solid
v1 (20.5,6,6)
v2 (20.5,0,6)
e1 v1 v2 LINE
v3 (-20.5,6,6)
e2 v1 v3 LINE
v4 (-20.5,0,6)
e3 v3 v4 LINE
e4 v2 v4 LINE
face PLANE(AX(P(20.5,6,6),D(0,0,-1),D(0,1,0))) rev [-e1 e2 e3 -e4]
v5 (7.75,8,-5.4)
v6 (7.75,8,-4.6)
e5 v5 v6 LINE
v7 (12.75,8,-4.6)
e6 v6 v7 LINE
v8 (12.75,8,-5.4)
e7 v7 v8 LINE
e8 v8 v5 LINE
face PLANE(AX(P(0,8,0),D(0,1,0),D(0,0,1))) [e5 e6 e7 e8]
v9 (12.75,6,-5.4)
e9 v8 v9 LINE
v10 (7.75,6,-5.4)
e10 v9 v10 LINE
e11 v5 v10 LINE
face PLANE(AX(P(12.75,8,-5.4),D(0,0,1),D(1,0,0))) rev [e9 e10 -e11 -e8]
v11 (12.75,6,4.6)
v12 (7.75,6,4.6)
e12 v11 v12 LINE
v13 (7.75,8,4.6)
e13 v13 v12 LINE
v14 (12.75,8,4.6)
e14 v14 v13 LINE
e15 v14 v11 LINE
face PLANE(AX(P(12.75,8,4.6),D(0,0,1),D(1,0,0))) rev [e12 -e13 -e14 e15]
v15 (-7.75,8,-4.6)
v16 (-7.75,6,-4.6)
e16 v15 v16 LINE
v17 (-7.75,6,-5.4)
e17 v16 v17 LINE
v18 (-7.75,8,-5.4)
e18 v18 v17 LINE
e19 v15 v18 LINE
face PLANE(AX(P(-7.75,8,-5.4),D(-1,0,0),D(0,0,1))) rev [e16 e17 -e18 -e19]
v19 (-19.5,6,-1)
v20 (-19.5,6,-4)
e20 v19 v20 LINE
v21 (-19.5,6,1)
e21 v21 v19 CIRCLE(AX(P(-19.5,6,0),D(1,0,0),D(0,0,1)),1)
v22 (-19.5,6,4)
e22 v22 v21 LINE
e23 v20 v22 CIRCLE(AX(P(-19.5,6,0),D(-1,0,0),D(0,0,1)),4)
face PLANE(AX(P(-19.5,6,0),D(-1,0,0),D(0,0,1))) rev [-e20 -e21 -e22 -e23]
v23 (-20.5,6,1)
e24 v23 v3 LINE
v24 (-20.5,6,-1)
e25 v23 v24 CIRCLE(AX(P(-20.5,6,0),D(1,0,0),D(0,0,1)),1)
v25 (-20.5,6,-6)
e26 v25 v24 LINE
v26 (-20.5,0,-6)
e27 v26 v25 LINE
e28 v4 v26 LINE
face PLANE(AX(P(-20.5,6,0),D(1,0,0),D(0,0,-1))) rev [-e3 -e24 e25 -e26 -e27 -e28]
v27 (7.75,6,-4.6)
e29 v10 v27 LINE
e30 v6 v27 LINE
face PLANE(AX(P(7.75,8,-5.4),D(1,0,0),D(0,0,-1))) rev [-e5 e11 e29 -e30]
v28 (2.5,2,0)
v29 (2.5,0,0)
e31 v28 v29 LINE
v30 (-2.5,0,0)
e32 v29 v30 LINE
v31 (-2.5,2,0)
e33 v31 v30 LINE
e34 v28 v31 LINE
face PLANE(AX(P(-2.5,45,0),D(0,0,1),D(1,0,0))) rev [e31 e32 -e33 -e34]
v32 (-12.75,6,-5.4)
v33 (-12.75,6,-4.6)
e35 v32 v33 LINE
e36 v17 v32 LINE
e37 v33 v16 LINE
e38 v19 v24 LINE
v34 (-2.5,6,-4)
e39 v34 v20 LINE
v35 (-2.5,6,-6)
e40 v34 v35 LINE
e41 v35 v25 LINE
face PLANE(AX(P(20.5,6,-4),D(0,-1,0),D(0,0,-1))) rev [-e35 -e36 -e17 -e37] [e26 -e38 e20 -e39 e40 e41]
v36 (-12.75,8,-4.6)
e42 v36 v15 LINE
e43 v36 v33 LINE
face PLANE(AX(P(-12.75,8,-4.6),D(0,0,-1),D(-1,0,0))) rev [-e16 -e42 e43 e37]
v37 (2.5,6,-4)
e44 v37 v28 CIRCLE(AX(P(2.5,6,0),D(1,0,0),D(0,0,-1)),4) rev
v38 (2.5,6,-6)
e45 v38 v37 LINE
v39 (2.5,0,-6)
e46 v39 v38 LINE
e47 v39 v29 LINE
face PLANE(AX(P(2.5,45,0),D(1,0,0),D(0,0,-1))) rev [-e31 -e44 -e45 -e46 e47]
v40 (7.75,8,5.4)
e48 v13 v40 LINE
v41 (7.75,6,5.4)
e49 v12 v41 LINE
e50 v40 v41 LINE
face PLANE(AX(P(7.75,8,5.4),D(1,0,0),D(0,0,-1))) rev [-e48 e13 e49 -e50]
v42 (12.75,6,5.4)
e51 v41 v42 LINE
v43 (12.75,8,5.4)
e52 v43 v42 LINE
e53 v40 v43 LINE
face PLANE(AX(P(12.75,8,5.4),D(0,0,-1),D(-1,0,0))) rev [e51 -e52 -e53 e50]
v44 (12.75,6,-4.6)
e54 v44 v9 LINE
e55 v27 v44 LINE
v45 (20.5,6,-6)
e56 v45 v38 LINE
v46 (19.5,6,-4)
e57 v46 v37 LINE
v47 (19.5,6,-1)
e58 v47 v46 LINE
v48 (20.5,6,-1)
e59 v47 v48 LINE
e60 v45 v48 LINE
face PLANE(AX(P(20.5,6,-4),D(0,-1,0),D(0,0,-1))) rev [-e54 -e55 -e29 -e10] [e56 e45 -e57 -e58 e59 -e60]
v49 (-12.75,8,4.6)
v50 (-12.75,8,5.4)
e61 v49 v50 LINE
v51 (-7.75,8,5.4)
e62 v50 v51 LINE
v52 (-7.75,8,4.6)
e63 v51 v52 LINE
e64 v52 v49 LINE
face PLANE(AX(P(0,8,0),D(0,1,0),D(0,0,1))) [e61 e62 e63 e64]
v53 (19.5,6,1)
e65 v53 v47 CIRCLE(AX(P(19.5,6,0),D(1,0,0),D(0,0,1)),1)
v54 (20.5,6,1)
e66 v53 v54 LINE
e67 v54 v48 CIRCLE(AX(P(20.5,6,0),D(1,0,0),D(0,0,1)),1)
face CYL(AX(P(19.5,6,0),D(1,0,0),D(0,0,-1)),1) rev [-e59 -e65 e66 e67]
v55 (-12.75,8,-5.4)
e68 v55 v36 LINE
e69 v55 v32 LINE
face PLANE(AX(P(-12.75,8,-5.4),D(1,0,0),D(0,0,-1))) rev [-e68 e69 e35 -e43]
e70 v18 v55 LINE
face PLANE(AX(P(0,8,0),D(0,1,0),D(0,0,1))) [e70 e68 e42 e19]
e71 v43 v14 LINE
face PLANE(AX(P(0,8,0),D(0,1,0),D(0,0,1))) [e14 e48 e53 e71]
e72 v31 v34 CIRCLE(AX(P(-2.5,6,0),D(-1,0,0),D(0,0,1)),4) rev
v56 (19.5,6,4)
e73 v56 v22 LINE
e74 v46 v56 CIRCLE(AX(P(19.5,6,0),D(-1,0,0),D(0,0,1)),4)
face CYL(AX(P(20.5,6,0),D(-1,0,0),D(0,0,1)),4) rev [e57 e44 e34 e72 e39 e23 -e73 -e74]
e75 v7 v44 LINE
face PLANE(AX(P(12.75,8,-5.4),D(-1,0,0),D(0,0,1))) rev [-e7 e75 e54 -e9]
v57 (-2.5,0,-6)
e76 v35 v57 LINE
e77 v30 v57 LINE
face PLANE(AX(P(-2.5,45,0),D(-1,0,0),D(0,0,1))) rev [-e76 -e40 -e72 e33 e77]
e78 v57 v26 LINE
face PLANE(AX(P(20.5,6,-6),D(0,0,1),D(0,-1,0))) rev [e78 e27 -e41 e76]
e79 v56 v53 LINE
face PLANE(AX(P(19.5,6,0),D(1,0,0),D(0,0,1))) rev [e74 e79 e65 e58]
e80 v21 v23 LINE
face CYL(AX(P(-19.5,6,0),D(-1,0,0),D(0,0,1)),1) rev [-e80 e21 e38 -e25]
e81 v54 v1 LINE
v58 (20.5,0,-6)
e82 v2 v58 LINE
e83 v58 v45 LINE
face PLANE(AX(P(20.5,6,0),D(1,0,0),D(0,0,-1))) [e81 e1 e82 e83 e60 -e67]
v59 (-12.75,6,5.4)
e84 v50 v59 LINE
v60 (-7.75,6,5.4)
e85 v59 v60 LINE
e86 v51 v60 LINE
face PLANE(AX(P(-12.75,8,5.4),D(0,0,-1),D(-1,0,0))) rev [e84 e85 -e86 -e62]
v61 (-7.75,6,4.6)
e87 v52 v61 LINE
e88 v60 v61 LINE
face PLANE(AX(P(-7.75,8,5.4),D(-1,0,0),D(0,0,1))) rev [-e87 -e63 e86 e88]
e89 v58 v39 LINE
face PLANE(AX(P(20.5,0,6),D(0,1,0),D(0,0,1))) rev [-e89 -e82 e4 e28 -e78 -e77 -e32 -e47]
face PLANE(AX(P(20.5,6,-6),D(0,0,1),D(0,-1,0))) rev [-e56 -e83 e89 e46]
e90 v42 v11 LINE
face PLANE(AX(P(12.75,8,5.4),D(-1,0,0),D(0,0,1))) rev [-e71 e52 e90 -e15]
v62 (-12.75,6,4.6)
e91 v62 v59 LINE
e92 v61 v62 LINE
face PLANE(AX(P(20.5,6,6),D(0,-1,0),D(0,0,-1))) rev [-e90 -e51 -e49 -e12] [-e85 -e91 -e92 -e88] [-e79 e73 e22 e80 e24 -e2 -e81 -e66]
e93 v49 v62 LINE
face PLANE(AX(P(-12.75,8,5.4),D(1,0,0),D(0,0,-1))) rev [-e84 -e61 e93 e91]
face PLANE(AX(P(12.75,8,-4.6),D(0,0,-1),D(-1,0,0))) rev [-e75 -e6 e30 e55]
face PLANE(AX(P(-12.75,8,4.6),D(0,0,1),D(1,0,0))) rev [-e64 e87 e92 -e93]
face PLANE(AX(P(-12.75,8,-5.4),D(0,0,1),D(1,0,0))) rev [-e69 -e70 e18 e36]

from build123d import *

# Parameters (mm, degrees)
BOSS_EXTRUDE2_DEPTH = 20.5
SKETCH4_W           = 5
SKETCH4_H           = 8.500741967
CUT_EXTRUDE1_DEPTH  = 45
BOSS_EXTRUDE4_DEPTH = 1
SKETCH3_W           = 5
SKETCH3_H           = 0.8
BOSS_EXTRUDE5_DEPTH = 2


with BuildPart() as part:
    # Sketch2 → Boss-Extrude2 (new body, symmetric)
    with BuildSketch(Plane(origin=(0, 0, 0), x_dir=(0, 0, -1), z_dir=(1, 0, 0))):
        with BuildLine():
            Line((-6, 6), (-4, 6))
            ThreePointArc((-4, 6), (0, 2), (4, 6))
            Line((4, 6), (6, 6))
            Line((6, 6), (6, 0))
            Line((6, 0), (-6, 0))
            Line((-6, 0), (-6, 6))
        make_face()
    extrude(amount=BOSS_EXTRUDE2_DEPTH, both=True)

    # Sketch4 → Cut-Extrude1 (cut)
    with BuildSketch(Plane.XZ):
        with Locations((0, -4.250370983)):
            Rectangle(SKETCH4_W, SKETCH4_H)
    extrude(amount=-CUT_EXTRUDE1_DEPTH, mode=Mode.SUBTRACT)

    # Sketch5 → Boss-Extrude4 (add)
    with BuildSketch(Plane.ZY.offset(20.5)):
        with BuildLine():
            Line((-4, 6), (-1, 6))
            ThreePointArc((-1, 6), (0, 5), (1, 6))
            Line((1, 6), (4, 6))
            ThreePointArc((4, 6), (0, 2), (-4, 6))
        make_face()
    boss_extrude4 = extrude(amount=-BOSS_EXTRUDE4_DEPTH)

    # Mirror1: Boss-Extrude4 across plane
    add(boss_extrude4.mirror(Plane(origin=(0, 0, 0), x_dir=(0, 0, 1), z_dir=(1, 0, 0))))

    # Sketch3 → Boss-Extrude5 (add)
    with BuildSketch(Plane(origin=(0, 6, 0), x_dir=(1, 0, 0), z_dir=(0, 1, 0))):
        with Locations((-10.25, 5)):
            Rectangle(SKETCH3_W, SKETCH3_H)
        with Locations((-10.25, -5)):
            Rectangle(SKETCH3_W, SKETCH3_H)
        with Locations((10.25, -5)):
            Rectangle(SKETCH3_W, SKETCH3_H)
        with Locations((10.25, 5)):
            Rectangle(SKETCH3_W, SKETCH3_H)
    extrude(amount=BOSS_EXTRUDE5_DEPTH)


solid = part.part
